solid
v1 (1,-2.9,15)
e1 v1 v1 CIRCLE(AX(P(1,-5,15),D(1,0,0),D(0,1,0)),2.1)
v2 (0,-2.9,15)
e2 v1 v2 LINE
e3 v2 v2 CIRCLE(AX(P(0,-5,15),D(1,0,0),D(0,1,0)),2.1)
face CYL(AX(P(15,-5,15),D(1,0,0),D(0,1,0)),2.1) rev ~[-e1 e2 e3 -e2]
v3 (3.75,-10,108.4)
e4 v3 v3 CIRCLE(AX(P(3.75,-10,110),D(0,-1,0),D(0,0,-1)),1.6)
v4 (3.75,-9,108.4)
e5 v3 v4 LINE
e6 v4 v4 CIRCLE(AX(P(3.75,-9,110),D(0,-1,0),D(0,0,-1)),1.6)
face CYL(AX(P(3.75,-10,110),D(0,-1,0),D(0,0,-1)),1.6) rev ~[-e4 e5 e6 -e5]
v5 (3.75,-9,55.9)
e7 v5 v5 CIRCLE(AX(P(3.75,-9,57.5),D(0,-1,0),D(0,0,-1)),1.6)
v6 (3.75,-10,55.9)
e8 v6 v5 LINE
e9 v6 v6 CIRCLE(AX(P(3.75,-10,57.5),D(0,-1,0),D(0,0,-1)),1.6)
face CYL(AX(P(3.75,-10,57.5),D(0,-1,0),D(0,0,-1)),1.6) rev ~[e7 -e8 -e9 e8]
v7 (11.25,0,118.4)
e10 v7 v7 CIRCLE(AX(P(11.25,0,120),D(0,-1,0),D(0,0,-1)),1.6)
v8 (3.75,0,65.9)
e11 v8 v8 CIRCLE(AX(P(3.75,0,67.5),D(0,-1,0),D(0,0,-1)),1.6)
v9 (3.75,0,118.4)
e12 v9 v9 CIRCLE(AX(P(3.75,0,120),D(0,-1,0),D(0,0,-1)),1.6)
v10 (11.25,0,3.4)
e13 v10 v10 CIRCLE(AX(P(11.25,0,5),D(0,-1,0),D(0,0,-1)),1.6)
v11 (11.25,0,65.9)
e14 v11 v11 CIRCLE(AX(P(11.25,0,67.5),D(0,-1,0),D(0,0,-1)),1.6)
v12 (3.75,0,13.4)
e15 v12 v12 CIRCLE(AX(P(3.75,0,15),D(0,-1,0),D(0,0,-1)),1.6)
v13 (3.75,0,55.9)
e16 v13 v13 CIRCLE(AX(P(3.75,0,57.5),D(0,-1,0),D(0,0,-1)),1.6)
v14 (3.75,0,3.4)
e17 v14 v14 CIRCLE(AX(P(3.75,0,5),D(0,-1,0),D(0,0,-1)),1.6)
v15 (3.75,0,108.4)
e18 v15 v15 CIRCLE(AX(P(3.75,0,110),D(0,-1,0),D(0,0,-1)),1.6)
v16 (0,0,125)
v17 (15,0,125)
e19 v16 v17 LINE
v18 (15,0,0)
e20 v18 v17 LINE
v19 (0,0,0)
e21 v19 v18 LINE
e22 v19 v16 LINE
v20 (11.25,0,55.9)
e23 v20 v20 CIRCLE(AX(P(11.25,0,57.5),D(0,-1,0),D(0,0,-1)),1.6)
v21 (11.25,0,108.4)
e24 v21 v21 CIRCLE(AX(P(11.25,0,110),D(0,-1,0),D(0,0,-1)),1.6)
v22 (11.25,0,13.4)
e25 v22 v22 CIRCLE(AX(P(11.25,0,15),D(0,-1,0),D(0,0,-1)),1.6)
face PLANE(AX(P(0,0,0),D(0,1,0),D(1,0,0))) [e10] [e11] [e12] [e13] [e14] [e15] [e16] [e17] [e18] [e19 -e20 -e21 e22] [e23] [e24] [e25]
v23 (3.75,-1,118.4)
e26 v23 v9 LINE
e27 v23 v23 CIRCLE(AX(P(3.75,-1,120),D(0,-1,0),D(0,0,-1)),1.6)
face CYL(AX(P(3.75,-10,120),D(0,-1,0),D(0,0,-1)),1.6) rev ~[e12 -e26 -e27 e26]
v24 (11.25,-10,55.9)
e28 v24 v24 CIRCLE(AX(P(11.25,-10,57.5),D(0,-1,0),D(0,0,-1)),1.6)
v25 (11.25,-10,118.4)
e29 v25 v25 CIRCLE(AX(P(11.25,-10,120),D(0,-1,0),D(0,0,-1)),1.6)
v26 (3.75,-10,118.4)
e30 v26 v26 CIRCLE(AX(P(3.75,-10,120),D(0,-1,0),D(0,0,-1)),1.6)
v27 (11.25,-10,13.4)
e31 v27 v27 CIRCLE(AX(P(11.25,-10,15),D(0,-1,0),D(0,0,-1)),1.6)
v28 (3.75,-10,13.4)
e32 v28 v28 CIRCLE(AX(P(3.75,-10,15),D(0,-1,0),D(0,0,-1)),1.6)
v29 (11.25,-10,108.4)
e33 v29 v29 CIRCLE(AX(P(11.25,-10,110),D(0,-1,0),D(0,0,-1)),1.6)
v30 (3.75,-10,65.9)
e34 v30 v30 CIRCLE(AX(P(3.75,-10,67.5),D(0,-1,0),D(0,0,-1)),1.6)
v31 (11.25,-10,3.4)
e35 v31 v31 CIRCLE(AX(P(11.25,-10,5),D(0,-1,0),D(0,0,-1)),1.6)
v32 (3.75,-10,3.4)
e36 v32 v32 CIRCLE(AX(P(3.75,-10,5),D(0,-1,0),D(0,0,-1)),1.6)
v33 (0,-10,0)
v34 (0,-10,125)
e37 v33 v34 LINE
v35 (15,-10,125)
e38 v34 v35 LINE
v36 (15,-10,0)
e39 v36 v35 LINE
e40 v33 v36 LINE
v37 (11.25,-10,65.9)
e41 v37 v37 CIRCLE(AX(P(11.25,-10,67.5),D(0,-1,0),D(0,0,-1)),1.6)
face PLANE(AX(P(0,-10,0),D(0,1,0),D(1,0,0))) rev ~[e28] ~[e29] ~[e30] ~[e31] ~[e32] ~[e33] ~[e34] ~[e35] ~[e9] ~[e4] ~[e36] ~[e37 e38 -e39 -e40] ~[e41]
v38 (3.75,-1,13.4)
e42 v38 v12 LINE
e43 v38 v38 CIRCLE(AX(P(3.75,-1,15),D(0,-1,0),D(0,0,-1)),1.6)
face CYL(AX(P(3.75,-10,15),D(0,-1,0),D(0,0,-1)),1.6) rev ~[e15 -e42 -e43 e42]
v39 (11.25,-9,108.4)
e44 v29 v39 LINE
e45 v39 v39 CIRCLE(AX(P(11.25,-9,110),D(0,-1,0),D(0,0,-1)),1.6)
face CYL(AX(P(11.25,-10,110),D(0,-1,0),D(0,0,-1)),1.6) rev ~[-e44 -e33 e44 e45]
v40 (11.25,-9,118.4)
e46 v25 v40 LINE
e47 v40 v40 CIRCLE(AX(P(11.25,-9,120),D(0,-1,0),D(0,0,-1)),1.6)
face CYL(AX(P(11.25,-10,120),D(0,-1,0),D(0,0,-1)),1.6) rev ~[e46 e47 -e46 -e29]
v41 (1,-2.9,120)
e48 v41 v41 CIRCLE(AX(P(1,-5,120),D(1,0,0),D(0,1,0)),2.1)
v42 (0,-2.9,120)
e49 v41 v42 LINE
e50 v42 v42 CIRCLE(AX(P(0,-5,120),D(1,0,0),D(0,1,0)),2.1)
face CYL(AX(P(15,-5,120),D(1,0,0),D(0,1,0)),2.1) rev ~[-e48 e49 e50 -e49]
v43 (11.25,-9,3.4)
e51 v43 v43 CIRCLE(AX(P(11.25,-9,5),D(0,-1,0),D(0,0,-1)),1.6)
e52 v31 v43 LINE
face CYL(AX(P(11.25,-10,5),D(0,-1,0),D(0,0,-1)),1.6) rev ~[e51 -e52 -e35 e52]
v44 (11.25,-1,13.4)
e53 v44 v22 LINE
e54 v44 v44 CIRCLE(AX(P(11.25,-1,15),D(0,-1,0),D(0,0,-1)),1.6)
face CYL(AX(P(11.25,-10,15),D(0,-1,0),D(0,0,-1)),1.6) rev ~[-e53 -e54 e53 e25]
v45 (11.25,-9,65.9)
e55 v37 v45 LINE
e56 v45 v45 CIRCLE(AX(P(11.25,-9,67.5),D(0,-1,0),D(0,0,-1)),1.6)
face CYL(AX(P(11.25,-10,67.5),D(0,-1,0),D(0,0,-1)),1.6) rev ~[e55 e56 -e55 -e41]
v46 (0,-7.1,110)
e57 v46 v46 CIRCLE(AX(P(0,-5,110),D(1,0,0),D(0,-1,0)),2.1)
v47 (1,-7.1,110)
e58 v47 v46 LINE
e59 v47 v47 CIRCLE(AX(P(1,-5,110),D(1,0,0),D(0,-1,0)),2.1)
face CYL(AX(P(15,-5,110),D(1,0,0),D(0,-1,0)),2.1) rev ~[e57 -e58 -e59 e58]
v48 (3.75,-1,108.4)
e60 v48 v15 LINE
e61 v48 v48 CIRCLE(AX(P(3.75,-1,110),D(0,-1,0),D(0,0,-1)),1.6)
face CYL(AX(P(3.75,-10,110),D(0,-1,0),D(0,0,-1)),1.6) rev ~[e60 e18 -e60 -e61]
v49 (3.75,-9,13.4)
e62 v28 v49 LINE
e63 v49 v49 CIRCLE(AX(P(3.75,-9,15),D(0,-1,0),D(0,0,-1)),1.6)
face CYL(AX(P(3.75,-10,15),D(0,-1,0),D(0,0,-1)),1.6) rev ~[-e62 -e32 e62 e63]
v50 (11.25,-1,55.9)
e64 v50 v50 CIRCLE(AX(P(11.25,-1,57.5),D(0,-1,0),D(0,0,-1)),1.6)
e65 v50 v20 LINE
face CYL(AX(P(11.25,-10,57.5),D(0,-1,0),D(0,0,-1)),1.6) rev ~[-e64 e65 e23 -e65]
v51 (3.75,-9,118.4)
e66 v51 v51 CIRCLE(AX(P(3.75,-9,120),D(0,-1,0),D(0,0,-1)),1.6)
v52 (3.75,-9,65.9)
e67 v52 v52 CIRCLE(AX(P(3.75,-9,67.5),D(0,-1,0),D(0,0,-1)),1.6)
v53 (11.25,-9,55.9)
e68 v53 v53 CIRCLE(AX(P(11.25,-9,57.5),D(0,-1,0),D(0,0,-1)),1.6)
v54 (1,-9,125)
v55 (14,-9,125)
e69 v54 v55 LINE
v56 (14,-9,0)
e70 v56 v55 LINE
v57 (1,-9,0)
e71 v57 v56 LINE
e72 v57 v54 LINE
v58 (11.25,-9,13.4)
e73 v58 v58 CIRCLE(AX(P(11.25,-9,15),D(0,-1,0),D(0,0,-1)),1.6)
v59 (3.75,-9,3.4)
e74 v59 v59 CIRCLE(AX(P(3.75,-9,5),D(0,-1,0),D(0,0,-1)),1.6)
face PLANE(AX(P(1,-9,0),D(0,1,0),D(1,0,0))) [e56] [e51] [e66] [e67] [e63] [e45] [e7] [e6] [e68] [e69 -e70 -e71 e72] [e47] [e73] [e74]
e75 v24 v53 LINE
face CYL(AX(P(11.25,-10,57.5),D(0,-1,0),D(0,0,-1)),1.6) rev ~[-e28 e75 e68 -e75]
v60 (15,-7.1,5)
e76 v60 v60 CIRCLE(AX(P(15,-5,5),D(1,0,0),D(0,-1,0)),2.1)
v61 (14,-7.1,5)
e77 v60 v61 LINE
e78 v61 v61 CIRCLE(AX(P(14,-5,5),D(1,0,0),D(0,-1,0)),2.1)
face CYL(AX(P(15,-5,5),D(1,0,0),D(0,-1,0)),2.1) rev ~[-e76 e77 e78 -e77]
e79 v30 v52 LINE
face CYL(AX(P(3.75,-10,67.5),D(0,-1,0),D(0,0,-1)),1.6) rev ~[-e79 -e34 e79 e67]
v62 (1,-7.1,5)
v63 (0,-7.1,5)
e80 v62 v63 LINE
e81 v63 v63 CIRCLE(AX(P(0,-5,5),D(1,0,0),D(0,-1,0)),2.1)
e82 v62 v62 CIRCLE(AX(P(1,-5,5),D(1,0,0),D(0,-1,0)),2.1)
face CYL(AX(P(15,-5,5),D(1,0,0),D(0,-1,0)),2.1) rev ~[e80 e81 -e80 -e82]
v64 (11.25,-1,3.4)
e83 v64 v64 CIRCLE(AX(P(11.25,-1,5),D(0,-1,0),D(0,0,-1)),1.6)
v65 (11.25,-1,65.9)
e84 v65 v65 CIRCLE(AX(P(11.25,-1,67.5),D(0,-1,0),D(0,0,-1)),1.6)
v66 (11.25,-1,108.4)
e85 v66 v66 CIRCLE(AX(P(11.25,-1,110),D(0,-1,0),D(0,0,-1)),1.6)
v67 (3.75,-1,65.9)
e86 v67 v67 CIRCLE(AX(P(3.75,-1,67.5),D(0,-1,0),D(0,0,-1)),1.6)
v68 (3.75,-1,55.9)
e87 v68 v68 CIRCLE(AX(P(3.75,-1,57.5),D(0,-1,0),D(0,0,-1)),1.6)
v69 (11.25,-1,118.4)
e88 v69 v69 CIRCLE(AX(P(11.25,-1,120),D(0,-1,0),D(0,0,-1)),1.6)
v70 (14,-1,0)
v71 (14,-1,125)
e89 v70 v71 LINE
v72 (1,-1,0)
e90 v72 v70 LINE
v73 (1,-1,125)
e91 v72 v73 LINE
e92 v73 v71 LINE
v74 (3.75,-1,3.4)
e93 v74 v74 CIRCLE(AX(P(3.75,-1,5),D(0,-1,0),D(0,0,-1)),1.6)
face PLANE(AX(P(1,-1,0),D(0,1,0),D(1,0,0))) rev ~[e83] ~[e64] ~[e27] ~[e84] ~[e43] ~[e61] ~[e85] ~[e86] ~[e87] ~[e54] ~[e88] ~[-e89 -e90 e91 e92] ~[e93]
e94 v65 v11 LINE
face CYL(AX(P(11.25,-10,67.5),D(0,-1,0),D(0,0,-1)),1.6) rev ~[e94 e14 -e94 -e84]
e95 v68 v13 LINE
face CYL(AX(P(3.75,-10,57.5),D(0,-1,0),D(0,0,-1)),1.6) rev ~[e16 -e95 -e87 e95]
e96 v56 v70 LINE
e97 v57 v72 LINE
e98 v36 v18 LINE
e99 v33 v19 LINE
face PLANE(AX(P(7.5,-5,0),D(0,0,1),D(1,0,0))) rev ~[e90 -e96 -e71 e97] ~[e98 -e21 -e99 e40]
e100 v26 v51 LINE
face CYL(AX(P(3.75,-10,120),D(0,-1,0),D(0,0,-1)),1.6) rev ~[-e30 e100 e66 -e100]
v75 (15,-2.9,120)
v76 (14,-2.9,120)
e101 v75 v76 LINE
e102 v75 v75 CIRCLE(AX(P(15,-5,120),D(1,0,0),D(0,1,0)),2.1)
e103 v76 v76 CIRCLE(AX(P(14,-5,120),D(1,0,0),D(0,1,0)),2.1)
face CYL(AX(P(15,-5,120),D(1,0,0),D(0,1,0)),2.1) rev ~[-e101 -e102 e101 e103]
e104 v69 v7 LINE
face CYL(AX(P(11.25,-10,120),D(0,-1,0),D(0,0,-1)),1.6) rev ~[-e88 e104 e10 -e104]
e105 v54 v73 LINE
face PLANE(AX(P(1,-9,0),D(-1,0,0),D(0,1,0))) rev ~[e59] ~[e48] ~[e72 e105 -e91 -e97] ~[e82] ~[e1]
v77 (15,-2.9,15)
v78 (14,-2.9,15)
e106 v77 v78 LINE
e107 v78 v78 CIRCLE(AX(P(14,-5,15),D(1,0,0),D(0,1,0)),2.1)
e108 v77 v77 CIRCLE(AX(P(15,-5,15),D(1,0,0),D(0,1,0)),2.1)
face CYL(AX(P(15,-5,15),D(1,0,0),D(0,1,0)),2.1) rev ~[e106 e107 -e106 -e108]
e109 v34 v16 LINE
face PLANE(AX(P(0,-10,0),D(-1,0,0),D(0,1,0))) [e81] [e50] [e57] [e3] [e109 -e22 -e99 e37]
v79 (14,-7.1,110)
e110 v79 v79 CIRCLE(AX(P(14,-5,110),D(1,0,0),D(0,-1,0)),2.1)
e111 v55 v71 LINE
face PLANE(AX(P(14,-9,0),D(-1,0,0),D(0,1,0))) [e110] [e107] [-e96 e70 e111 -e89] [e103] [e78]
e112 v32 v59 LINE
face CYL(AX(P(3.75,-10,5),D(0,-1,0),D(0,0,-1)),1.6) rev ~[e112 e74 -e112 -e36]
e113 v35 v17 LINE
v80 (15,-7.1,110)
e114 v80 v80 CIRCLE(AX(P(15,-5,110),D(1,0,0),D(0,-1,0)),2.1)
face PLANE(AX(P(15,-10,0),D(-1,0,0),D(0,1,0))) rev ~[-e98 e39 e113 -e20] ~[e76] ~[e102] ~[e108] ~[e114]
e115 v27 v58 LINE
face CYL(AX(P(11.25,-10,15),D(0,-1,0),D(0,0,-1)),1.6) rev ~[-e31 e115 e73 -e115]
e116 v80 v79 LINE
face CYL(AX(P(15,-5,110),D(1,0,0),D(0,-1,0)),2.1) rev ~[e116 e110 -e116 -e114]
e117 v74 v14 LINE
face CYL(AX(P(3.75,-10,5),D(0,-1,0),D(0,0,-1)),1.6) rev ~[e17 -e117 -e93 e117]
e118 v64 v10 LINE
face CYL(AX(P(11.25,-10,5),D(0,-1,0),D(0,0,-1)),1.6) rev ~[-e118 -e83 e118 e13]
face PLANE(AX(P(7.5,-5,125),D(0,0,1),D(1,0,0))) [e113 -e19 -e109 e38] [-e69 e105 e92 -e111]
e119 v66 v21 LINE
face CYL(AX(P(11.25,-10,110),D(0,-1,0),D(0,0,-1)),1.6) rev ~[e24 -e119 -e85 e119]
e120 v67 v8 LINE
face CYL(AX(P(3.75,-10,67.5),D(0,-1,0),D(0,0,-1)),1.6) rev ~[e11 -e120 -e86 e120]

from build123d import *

# Parameters (mm, degrees)
SKETCH_1_W          = 15
SKETCH_1_H          = 10
SKETCH_1_W_2        = 13
SKETCH_1_H_2        = 8
EXTRUDE_1_DEPTH     = 125
SKETCH_2_R          = 2.1
CUT_EXTRUDE_1_DEPTH = 127.293309403
SKETCH_3_R          = 1.6
CUT_EXTRUDE_2_DEPTH = 127.293309403


with BuildPart() as part:
    # 草图1 → 拉伸-薄壁1 (new body)
    with BuildSketch(Plane.XY):
        with Locations((7.5, -5)):
            Rectangle(SKETCH_1_W, SKETCH_1_H)
        with Locations((7.5, -5)):
            Rectangle(SKETCH_1_W_2, SKETCH_1_H_2, mode=Mode.SUBTRACT)
    extrude(amount=EXTRUDE_1_DEPTH)

    # 草图2 → 切除-拉伸1 (cut, through all)
    with BuildSketch(Plane(origin=(15, 0, 0), x_dir=(0, 0, -1), z_dir=(1, 0, 0))):
        with Locations(Location((-120, -5, 0), (0, 0, 90))):
            Circle(SKETCH_2_R)
        with Locations(Location((-110, -5, 0), (0, 0, 270))):
            Circle(SKETCH_2_R)
        with Locations(Location((-15, -5, 0), (0, 0, 90))):
            Circle(SKETCH_2_R)
        with Locations(Location((-5, -5, 0), (0, 0, 270))):
            Circle(SKETCH_2_R)
    extrude(amount=-CUT_EXTRUDE_1_DEPTH, mode=Mode.SUBTRACT)

    # 草图3 → 切除-拉伸2 (cut, through all)
    with BuildSketch(Plane.XZ.offset(10)):
        with Locations(Location((3.75, 67.5, 0), (0, 0, 270))):
            Circle(SKETCH_3_R)
        with Locations(Location((11.25, 67.5, 0), (0, 0, 270))):
            Circle(SKETCH_3_R)
        with Locations(Location((11.25, 57.5, 0), (0, 0, 270))):
            Circle(SKETCH_3_R)
        with Locations(Location((3.75, 57.5, 0), (0, 0, 270))):
            Circle(SKETCH_3_R)
        with Locations(Location((3.75, 120, 0), (0, 0, 270))):
            Circle(SKETCH_3_R)
        with Locations(Location((11.25, 120, 0), (0, 0, 270))):
            Circle(SKETCH_3_R)
        with Locations(Location((11.25, 110, 0), (0, 0, 270))):
            Circle(SKETCH_3_R)
        with Locations(Location((3.75, 110, 0), (0, 0, 270))):
            Circle(SKETCH_3_R)
        with Locations(Location((3.75, 15, 0), (0, 0, 270))):
            Circle(SKETCH_3_R)
        with Locations(Location((11.25, 15, 0), (0, 0, 270))):
            Circle(SKETCH_3_R)
        with Locations(Location((11.25, 5, 0), (0, 0, 270))):
            Circle(SKETCH_3_R)
        with Locations(Location((3.75, 5, 0), (0, 0, 270))):
            Circle(SKETCH_3_R)
    extrude(amount=-CUT_EXTRUDE_2_DEPTH, mode=Mode.SUBTRACT)


solid = part.part
